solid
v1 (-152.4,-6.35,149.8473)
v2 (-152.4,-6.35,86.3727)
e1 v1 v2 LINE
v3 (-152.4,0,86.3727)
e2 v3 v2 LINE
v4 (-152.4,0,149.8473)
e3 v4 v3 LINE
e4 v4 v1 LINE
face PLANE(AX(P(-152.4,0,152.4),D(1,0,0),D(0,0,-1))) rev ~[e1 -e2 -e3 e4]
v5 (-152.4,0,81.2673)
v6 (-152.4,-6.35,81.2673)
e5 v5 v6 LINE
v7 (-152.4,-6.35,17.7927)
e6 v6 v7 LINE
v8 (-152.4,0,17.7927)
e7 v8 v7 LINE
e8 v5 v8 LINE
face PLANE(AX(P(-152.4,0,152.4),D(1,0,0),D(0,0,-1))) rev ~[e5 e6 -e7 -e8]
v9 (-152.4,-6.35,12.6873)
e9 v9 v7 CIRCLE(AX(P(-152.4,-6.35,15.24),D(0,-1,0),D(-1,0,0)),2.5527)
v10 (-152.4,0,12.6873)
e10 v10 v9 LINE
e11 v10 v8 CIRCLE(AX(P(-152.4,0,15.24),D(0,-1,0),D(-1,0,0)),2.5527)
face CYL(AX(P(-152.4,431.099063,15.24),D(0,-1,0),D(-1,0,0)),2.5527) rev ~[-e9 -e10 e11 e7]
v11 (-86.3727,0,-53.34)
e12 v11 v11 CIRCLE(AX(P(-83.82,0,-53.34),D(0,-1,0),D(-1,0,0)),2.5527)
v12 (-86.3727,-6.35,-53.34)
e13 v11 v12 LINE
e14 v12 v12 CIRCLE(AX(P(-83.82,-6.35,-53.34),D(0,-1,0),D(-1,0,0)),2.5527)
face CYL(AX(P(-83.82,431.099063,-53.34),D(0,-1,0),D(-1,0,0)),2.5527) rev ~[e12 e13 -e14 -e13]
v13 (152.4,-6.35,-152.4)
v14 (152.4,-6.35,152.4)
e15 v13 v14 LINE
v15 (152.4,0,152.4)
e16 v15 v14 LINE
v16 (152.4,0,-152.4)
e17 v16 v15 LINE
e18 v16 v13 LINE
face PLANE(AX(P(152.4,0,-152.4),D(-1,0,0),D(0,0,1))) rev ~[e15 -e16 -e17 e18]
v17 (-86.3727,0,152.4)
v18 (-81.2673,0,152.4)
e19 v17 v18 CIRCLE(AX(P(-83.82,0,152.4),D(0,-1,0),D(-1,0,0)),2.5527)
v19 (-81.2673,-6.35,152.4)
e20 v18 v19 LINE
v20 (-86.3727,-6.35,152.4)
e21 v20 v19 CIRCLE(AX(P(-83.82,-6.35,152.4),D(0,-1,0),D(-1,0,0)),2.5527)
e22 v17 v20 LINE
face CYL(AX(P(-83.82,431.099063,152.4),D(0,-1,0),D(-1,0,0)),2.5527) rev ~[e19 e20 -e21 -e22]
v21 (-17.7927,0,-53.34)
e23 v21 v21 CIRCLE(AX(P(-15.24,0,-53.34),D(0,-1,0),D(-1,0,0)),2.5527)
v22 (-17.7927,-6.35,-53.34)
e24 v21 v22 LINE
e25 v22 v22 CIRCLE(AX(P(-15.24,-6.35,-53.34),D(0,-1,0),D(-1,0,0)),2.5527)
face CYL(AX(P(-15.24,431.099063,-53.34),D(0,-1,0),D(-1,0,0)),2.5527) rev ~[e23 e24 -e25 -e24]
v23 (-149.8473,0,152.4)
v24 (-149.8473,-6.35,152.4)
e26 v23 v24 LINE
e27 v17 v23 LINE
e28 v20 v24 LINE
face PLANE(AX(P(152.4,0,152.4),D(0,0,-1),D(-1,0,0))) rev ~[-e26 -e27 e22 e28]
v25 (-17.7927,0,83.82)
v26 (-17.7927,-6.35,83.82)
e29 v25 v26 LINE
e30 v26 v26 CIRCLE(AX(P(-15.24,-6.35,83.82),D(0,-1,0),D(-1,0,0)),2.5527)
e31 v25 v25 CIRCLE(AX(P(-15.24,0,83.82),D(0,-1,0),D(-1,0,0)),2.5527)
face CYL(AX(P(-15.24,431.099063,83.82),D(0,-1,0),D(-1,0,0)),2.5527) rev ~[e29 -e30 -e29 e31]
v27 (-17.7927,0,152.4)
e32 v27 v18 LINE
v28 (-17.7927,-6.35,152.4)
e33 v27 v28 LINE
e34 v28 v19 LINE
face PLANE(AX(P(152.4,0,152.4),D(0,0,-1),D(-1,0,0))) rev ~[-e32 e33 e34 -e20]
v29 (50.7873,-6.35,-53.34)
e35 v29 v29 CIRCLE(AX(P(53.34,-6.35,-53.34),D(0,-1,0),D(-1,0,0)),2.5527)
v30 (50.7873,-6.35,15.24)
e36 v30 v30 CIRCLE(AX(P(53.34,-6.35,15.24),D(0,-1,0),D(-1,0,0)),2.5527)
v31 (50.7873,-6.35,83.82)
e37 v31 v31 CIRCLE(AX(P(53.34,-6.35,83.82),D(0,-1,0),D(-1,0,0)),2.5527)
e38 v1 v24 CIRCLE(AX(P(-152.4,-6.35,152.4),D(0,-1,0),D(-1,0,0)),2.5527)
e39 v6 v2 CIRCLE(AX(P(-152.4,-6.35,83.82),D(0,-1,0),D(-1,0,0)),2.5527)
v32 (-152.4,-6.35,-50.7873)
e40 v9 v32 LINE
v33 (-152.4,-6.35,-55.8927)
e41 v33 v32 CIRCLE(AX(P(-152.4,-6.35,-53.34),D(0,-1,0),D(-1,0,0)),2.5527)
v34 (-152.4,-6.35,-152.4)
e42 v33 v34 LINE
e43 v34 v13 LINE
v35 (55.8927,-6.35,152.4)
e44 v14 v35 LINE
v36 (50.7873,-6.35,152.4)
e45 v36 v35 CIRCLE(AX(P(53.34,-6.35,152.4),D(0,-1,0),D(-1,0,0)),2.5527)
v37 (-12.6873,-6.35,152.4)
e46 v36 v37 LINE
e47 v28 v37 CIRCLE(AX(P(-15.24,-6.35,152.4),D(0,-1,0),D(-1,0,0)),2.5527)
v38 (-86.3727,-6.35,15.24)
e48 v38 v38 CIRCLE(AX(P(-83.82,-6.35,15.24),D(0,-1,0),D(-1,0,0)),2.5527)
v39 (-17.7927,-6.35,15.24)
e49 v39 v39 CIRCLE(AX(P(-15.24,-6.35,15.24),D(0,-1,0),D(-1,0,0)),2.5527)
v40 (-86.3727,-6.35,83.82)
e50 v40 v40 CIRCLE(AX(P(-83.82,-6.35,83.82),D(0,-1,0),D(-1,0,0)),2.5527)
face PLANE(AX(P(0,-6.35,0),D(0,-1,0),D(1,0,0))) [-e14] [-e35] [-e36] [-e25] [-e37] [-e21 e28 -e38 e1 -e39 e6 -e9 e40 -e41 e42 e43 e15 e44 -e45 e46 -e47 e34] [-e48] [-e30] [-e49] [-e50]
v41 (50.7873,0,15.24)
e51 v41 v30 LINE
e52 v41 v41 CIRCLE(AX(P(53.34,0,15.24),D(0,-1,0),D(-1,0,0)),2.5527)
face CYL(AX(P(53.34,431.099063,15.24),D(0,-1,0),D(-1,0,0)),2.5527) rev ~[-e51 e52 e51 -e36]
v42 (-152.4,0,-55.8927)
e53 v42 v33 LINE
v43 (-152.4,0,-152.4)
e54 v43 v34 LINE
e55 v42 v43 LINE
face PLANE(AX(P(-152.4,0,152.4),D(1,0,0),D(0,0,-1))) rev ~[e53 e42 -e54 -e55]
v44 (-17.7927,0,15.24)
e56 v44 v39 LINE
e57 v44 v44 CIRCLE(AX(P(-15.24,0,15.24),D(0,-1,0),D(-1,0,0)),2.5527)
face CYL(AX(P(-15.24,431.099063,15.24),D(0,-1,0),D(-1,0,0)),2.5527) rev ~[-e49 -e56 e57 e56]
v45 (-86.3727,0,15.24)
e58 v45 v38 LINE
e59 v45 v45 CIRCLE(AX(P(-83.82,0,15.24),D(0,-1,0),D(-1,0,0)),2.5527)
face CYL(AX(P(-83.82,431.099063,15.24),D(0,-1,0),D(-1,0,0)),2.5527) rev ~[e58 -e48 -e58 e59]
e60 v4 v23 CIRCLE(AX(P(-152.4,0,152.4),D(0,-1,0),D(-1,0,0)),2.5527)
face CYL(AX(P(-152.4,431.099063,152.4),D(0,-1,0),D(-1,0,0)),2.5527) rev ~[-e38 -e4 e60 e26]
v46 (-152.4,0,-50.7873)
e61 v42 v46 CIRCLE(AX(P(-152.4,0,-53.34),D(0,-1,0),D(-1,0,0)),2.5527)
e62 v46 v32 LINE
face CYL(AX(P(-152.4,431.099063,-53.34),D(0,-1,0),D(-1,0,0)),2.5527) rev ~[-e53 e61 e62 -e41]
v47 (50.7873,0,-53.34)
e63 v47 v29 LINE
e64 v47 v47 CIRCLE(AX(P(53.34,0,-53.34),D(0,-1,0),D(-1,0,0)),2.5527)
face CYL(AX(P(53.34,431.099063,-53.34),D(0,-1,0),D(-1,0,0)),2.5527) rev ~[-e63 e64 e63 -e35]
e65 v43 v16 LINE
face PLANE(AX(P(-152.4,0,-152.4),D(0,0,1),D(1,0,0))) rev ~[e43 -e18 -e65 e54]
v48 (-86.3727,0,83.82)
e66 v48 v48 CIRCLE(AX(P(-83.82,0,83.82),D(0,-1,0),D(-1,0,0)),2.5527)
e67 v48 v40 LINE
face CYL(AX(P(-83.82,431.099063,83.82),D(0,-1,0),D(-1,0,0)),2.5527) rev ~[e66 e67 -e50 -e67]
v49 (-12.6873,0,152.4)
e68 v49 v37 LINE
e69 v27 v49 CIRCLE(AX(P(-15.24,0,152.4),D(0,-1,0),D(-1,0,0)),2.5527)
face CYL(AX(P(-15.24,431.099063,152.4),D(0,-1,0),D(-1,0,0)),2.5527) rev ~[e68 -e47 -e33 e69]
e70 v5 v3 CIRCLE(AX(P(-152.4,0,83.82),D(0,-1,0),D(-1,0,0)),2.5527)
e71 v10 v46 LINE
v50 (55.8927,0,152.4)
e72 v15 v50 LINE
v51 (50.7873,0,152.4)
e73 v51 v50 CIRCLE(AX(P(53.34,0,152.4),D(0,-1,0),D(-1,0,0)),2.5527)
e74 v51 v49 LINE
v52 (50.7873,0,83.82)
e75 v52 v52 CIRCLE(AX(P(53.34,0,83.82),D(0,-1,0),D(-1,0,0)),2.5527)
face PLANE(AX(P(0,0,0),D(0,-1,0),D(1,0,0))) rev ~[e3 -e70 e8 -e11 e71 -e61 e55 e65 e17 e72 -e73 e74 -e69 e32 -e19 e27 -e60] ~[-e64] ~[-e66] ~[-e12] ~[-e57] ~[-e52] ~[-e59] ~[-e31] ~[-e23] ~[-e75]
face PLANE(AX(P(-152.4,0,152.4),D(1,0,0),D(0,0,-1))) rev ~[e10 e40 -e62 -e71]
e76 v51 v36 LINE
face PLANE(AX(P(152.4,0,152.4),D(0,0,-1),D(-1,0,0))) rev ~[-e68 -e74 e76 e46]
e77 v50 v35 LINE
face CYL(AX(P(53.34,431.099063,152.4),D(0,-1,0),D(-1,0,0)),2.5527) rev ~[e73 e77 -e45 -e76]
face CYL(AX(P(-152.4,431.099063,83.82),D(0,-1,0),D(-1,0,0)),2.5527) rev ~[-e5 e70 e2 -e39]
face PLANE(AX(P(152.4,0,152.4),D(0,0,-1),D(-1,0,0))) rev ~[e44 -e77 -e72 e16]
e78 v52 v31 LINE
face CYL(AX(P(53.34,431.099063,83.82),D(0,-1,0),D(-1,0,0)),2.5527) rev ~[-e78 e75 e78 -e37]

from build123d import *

# Parameters (mm, degrees)
F1_DEPTH = 6.35
F2_D     = 5.1054


with BuildPart() as f1:
    # F0 (on Front) → F1 (new body)
    with BuildSketch(Plane.XZ):
        Polygon((-83.82, 152.4), (-152.4, 152.4), (-152.4, 83.82), (-152.4, -152.4), (152.4, -152.4), (152.4, 152.4), (53.34, 152.4), (-15.24, 152.4), align=None)
    extrude(amount=F1_DEPTH)

    # F2 (through all)
    with Locations(Plane(origin=(0, 0, 0), x_dir=(1, 0, 0), z_dir=(0, 1, 0))):
        with Locations((-83.82, -83.82), (-15.24, -83.82), (53.34, -83.82), (-83.82, -15.24), (-83.82, 53.34), (-15.24, -15.24), (53.34, -15.24), (53.34, 53.34), (-15.24, 53.34), (-83.82, -152.4), (-15.24, -152.4), (53.34, -152.4), (-152.4, -152.4), (-152.4, -83.82), (-152.4, -15.24), (-152.4, 53.34)):
            Hole(F2_D / 2)


solid = f1.part
